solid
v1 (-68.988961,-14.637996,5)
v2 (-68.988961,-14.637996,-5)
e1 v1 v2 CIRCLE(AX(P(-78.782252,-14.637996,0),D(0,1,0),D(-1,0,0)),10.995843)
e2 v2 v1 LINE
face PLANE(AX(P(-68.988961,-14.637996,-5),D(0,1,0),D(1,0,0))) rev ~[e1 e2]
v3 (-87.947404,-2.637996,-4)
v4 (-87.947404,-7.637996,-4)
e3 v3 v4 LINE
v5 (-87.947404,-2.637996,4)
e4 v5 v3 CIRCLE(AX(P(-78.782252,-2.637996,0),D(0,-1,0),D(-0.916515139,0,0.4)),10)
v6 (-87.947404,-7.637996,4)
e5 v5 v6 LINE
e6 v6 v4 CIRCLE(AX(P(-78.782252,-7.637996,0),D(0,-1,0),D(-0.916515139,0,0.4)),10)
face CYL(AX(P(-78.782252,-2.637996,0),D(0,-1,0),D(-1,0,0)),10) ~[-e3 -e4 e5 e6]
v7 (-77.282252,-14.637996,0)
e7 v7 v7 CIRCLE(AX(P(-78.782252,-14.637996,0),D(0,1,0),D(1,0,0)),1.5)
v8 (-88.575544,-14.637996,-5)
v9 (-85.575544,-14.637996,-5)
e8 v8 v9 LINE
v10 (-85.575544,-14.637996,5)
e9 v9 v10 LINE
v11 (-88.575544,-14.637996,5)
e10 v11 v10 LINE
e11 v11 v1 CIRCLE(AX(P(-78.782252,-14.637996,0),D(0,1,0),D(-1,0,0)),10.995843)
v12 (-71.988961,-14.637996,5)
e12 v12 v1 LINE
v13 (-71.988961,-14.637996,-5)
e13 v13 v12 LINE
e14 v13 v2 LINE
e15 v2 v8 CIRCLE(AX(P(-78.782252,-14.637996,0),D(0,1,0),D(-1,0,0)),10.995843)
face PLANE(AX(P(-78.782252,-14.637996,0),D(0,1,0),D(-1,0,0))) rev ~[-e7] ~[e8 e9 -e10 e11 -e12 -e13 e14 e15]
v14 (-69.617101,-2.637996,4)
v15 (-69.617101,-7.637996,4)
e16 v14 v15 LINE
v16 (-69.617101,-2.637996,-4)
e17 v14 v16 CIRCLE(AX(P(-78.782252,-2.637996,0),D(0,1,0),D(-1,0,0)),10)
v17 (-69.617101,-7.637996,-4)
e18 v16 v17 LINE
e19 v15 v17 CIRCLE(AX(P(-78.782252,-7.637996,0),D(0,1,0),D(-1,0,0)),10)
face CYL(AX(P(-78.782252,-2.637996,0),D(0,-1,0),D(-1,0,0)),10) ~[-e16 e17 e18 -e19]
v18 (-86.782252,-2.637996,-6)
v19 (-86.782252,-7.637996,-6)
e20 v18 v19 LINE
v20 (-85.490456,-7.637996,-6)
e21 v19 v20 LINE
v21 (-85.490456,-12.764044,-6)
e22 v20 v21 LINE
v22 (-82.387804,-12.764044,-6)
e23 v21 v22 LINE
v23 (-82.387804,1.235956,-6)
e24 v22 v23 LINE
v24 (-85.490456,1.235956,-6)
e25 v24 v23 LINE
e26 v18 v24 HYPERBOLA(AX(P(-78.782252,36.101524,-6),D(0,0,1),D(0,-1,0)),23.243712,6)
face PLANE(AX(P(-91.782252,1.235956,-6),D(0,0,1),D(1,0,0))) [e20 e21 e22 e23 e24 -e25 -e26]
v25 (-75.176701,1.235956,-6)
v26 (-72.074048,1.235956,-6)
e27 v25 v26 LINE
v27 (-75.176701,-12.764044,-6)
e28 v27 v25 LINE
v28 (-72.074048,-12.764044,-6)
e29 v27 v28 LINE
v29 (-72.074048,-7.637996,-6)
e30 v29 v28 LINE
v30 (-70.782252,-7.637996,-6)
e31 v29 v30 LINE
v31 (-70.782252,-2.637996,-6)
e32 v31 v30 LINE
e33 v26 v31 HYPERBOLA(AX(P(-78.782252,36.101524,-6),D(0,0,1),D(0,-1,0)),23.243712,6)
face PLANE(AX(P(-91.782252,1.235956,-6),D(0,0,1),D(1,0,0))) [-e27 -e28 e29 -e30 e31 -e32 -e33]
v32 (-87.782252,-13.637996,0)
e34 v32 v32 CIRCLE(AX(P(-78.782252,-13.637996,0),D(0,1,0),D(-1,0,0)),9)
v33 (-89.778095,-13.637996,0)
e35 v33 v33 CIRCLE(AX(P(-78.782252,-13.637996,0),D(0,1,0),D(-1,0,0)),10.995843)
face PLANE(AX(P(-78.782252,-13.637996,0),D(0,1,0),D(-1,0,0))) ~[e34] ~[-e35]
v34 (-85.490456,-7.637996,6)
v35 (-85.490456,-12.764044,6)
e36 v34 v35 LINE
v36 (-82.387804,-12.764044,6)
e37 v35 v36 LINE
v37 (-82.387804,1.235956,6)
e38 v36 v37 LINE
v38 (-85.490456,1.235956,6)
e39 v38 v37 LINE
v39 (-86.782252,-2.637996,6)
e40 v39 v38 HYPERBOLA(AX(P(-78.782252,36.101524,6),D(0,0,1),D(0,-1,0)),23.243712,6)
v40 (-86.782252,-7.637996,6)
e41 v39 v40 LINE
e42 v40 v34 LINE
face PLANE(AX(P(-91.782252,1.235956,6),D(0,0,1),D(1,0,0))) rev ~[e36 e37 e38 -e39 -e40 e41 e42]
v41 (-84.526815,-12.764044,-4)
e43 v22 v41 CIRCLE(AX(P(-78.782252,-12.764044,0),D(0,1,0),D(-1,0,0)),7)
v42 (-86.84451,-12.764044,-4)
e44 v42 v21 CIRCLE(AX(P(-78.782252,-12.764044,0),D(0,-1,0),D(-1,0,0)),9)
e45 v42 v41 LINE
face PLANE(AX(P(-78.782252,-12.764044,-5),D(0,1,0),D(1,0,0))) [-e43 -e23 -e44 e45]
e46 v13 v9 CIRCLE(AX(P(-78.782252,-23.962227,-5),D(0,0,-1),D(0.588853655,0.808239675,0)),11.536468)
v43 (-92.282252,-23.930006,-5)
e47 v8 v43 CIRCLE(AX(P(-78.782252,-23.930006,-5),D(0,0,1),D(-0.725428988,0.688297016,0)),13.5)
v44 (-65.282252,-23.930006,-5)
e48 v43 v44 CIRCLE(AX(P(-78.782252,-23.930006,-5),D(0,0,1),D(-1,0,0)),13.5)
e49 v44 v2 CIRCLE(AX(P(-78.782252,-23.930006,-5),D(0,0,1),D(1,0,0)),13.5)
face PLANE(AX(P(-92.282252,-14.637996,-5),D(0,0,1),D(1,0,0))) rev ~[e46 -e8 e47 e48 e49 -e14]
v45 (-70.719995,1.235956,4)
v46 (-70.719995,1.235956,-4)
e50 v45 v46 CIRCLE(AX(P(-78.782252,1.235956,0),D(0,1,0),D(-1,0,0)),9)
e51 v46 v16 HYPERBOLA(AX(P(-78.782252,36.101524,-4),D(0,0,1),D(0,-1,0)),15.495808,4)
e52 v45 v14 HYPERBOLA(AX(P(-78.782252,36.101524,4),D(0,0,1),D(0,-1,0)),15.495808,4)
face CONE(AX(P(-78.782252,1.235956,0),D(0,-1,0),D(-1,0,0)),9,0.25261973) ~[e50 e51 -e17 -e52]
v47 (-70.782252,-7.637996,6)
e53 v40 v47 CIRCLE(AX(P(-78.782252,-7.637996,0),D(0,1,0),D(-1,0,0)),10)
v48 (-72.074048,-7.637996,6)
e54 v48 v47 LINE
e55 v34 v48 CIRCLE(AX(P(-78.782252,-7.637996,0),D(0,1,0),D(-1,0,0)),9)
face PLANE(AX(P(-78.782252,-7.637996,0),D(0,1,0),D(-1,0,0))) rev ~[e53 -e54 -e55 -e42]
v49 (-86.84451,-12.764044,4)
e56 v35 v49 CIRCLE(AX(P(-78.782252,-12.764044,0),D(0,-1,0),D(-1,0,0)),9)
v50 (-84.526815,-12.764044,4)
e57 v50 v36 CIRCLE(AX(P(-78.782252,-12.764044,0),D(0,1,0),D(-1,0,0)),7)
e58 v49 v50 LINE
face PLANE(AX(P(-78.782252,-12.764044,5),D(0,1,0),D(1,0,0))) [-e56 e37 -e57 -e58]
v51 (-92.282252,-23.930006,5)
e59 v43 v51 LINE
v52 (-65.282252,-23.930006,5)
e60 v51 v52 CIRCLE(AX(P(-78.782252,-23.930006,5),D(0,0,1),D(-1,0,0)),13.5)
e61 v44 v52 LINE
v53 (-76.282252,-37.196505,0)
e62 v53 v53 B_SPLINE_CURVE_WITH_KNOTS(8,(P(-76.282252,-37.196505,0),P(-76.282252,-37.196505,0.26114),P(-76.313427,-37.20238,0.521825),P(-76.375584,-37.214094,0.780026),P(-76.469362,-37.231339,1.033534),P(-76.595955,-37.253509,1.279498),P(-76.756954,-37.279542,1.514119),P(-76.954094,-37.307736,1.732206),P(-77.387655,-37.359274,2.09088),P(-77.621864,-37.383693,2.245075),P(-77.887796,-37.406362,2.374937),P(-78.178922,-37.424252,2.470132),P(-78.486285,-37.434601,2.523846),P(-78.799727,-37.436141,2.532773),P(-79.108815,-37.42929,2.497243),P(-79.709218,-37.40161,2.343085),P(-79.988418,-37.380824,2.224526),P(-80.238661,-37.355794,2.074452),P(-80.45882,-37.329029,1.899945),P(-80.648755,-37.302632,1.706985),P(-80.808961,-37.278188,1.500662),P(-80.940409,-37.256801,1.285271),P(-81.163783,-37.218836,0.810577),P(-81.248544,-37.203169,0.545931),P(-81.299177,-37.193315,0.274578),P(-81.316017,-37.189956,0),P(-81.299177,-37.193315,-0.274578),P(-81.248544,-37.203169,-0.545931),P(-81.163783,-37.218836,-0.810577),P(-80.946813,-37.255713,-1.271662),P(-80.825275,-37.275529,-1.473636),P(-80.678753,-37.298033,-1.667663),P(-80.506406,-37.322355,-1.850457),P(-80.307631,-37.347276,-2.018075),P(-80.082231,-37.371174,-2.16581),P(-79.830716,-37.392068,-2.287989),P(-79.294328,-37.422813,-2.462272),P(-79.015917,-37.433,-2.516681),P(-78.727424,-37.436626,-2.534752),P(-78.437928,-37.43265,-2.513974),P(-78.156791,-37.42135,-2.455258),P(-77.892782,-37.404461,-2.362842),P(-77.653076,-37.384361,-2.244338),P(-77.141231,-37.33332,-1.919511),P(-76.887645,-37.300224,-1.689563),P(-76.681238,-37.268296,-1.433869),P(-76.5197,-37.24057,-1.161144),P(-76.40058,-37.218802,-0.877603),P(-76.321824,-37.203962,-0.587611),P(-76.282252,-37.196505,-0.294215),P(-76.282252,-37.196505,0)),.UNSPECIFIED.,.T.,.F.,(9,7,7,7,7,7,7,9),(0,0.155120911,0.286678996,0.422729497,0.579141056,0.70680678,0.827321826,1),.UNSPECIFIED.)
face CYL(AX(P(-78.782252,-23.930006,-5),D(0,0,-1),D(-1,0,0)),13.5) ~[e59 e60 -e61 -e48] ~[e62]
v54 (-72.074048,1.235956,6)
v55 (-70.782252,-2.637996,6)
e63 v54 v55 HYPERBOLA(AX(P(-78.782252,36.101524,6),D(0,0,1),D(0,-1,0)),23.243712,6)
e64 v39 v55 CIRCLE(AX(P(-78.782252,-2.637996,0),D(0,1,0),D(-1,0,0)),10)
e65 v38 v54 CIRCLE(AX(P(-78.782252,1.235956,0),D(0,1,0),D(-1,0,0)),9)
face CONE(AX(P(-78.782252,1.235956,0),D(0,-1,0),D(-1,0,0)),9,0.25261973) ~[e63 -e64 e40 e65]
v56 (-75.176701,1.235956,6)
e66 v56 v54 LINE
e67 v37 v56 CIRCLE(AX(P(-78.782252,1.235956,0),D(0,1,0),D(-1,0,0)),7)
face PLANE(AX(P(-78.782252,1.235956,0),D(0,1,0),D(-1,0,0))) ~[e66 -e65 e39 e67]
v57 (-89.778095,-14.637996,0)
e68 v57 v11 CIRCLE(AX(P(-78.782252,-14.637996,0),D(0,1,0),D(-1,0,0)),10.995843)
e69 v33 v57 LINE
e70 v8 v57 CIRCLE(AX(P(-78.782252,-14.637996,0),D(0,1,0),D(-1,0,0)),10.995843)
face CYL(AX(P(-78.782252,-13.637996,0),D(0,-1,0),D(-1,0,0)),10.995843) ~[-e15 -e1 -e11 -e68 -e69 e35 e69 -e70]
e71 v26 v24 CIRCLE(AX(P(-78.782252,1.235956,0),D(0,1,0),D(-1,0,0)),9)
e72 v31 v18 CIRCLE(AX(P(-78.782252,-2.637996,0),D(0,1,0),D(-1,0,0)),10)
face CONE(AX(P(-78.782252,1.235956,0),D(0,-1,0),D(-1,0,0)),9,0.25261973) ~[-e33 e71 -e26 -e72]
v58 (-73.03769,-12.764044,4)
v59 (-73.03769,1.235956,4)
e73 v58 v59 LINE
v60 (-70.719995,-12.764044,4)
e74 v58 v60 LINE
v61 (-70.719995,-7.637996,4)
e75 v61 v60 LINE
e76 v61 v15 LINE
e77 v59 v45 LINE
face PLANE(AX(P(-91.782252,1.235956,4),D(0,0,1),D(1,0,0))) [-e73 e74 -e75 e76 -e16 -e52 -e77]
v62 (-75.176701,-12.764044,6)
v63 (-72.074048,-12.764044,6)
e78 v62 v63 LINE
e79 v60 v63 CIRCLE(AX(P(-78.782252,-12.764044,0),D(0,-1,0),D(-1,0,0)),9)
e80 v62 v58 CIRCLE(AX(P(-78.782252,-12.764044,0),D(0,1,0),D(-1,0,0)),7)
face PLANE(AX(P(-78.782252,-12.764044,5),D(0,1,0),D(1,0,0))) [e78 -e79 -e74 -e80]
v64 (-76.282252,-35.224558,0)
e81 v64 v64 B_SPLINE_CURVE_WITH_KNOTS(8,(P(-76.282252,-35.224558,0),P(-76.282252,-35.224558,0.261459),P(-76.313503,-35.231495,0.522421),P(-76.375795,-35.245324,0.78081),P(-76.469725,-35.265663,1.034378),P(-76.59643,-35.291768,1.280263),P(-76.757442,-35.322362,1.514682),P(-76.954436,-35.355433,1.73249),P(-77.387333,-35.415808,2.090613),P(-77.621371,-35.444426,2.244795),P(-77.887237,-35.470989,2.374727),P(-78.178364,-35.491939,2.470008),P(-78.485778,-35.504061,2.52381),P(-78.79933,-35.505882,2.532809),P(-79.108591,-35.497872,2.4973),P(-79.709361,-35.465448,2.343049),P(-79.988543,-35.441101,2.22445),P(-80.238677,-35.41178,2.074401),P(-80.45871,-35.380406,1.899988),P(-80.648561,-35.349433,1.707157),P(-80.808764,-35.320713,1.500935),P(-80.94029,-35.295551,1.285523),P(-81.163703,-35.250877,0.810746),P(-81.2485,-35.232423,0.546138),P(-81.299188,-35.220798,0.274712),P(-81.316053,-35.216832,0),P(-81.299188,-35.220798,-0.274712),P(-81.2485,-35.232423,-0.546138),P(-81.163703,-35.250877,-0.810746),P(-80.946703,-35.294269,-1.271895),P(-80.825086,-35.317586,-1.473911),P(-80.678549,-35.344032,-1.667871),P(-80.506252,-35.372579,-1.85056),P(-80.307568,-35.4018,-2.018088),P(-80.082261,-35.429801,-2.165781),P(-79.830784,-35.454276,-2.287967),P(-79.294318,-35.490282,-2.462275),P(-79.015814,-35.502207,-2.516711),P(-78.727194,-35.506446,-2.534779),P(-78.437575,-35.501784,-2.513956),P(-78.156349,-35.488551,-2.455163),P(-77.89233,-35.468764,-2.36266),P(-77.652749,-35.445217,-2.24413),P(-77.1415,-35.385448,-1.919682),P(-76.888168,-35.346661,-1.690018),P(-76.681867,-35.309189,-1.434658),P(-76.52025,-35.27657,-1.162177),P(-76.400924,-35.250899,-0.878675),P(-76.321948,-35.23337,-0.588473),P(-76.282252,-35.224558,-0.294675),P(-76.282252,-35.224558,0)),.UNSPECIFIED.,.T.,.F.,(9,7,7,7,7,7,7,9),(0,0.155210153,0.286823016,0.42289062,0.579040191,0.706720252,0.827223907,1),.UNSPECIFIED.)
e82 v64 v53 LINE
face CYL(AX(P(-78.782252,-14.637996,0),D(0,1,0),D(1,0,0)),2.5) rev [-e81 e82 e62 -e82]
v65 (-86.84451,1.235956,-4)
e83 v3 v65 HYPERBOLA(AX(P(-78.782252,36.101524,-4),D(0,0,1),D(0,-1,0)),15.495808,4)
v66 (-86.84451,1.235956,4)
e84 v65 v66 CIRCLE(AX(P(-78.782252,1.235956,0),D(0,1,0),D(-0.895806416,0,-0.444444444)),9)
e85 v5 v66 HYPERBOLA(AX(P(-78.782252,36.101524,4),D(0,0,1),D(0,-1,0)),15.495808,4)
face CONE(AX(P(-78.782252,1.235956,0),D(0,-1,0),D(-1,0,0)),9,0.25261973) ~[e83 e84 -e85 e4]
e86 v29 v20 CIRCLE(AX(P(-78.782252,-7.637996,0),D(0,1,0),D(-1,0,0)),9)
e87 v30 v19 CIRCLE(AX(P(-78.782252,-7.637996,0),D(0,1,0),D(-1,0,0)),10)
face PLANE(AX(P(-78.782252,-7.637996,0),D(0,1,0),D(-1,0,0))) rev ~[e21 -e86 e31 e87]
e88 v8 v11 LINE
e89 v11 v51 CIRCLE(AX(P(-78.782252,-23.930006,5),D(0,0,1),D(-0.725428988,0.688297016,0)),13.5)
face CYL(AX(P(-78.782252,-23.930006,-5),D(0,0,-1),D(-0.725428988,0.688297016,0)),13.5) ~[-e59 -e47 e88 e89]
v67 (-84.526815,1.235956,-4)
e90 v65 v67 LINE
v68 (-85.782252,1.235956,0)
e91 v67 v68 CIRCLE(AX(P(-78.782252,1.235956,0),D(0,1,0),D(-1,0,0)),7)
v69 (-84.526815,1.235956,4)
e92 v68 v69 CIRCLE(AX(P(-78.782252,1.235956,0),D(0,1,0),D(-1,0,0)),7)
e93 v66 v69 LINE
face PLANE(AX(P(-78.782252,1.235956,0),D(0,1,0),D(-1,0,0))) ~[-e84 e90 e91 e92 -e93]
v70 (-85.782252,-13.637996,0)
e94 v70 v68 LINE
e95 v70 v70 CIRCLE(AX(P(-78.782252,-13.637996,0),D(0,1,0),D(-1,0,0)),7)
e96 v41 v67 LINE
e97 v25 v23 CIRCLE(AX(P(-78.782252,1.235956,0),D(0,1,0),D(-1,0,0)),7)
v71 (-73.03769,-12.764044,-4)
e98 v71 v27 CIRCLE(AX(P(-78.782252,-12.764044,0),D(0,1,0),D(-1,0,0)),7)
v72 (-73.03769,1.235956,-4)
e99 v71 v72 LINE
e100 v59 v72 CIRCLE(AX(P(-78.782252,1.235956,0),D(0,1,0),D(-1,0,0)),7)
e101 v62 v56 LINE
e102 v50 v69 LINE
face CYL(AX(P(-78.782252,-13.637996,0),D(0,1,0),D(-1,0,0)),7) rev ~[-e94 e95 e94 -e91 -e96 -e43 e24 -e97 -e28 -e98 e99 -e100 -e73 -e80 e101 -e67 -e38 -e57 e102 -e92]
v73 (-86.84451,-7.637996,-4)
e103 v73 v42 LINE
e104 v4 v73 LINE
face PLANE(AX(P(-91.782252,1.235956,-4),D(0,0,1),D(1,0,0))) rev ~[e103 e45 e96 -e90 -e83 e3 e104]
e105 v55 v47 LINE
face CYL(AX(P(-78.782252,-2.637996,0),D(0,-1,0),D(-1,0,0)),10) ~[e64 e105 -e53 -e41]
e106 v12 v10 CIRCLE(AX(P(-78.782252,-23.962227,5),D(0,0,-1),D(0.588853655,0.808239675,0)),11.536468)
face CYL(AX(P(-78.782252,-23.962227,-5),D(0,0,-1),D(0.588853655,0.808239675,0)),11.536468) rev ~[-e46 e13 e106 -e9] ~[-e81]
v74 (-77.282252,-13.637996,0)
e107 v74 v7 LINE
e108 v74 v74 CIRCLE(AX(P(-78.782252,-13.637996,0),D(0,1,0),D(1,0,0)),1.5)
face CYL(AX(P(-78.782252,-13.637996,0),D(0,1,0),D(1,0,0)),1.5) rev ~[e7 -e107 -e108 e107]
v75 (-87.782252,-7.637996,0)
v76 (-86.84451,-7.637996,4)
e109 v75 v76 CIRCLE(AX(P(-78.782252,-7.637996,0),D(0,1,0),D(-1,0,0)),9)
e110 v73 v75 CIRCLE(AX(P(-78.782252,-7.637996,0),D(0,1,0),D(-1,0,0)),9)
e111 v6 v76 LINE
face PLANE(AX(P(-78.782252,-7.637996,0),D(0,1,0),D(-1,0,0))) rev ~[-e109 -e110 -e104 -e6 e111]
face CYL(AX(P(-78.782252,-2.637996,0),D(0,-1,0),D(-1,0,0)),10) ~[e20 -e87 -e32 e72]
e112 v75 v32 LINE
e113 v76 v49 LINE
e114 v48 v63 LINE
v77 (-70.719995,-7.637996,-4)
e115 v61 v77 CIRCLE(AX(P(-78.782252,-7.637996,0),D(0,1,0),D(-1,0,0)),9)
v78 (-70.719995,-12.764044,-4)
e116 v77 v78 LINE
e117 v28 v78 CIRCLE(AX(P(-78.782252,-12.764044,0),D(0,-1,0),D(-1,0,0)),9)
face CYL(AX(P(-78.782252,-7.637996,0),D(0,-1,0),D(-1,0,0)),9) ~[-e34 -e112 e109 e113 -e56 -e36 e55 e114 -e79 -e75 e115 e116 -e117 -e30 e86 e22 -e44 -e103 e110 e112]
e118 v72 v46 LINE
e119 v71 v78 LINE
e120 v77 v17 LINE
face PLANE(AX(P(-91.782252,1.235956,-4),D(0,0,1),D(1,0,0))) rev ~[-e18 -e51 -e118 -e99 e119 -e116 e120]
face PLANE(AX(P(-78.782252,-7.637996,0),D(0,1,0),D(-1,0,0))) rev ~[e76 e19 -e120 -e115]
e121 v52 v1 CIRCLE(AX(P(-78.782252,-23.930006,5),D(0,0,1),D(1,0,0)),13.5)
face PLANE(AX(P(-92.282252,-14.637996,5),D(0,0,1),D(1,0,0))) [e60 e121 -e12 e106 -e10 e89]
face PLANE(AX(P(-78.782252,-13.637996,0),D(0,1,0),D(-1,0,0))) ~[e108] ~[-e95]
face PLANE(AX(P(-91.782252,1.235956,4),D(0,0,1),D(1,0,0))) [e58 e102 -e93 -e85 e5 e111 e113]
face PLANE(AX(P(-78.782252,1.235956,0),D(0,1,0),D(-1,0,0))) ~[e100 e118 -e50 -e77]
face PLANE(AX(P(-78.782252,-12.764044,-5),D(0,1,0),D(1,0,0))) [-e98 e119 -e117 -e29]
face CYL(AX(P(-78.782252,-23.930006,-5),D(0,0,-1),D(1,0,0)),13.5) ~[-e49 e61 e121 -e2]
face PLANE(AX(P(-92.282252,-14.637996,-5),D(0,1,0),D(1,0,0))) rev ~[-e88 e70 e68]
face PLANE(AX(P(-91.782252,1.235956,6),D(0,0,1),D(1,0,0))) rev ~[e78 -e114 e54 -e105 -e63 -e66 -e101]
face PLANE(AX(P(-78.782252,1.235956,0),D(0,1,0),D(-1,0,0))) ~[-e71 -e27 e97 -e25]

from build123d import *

# Parameters (mm, degrees)
CROQUIS2_W              = 26
CROQUIS2_H              = 2
CORTAR_EXTRUIR1_DEPTH   = 14
CROQUIS3_W              = 27
CROQUIS3_H              = 10
SALIENTE_EXTRUIR1_DEPTH = 24
CORTAR_EXTRUIR2_DEPTH   = 10
CROQUIS5_R              = 1.5
CORTAR_EXTRUIR3_DEPTH   = 24
CROQUIS6_R              = 2.5
CORTAR_EXTRUIR4_DEPTH   = 24


with BuildPart() as part:
    # Croquis1 → Revolución1 (revolve)
    with BuildSketch(Plane.XY):
        Polygon((-89.778094977, -14.637996222), (-78.782252338, -14.637996222), (-78.782252338, -13.637996222), (-85.782252338, -13.637996222), (-85.782252338, 1.235955759), (-87.782252338, 1.235955759), (-88.782252338, -2.637996222), (-88.782252338, -7.637996222), (-87.782252338, -7.637996222), (-87.782252338, -13.637996222), (-89.778094977, -13.637996222), align=None)
    revolve(axis=Axis((-78.782252338, -14.637996222, 0), (0, 1, 0)))

    # Croquis2 → Cortar-Extruir1 (cut)
    with BuildSketch(Plane(origin=(0, 1.235955759, 0), x_dir=(1, 0, 0), z_dir=(0, 1, 0))):
        with Locations((-78.782252338, -5)):
            Rectangle(CROQUIS2_W, CROQUIS2_H)
        with Locations((-78.782252338, 5)):
            Rectangle(CROQUIS2_W, CROQUIS2_H)
    extrude(amount=-CORTAR_EXTRUIR1_DEPTH, mode=Mode.SUBTRACT)

    # Croquis3 → Saliente-Extruir1 (add)
    with BuildSketch(Plane.XZ.offset(14.637996222)):
        with Locations((-78.782252338, 0)):
            Rectangle(CROQUIS3_W, CROQUIS3_H)
    extrude(amount=SALIENTE_EXTRUIR1_DEPTH)

    # Croquis4 → Cortar-Extruir2 (cut)
    with BuildSketch(Plane(origin=(0, 0, -5), x_dir=(-1, 0, 0), z_dir=(0, 0, -1))):
        with BuildLine():
            Line((92.282252338, -38.637996222), (92.282252338, -23.930005944))
            ThreePointArc((92.282252338, -23.930005944), (78.782252338, -37.430005944), (65.282252338, -23.930005944))
            Line((65.282252338, -23.930005944), (65.282252338, -38.637996222))
            Line((65.282252338, -38.637996222), (92.282252338, -38.637996222))
        make_face()
        with BuildLine():
            Line((92.282252338, -14.637996222), (88.575543682, -14.637996222))
            ThreePointArc((88.575543682, -14.637996222), (91.321379763, -18.927978012), (92.282252338, -23.930005944))
            Line((92.282252338, -23.930005944), (92.282252338, -14.637996222))
        make_face()
        with BuildLine():
            Line((65.282252338, -14.637996222), (65.282252338, -23.930005944))
            ThreePointArc((65.282252338, -23.930005944), (66.243124914, -18.927978012), (68.988960995, -14.637996222))
            Line((68.988960995, -14.637996222), (65.282252338, -14.637996222))
        make_face()
        with BuildLine():
            ThreePointArc((71.988960995, -14.637996222), (78.782252338, -35.498695349), (85.575543682, -14.637996222))
            Line((85.575543682, -14.637996222), (71.988960995, -14.637996222))
        make_face()
    extrude(amount=-CORTAR_EXTRUIR2_DEPTH, mode=Mode.SUBTRACT)

    # Croquis5 → Cortar-Extruir3 (cut)
    with BuildSketch(Plane(origin=(0, -13.637996222, 0), x_dir=(1, 0, 0), z_dir=(0, 1, 0))):
        with Locations((-78.782252338, 0)):
            Circle(CROQUIS5_R)
    extrude(amount=-CORTAR_EXTRUIR3_DEPTH, mode=Mode.SUBTRACT)

    # Croquis6 → Cortar-Extruir4 (cut)
    with BuildSketch(Plane.XZ.offset(14.637996222)):
        with Locations((-78.782252338, 0)):
            Circle(CROQUIS6_R)
    extrude(amount=CORTAR_EXTRUIR4_DEPTH, mode=Mode.SUBTRACT)


solid = part.part
